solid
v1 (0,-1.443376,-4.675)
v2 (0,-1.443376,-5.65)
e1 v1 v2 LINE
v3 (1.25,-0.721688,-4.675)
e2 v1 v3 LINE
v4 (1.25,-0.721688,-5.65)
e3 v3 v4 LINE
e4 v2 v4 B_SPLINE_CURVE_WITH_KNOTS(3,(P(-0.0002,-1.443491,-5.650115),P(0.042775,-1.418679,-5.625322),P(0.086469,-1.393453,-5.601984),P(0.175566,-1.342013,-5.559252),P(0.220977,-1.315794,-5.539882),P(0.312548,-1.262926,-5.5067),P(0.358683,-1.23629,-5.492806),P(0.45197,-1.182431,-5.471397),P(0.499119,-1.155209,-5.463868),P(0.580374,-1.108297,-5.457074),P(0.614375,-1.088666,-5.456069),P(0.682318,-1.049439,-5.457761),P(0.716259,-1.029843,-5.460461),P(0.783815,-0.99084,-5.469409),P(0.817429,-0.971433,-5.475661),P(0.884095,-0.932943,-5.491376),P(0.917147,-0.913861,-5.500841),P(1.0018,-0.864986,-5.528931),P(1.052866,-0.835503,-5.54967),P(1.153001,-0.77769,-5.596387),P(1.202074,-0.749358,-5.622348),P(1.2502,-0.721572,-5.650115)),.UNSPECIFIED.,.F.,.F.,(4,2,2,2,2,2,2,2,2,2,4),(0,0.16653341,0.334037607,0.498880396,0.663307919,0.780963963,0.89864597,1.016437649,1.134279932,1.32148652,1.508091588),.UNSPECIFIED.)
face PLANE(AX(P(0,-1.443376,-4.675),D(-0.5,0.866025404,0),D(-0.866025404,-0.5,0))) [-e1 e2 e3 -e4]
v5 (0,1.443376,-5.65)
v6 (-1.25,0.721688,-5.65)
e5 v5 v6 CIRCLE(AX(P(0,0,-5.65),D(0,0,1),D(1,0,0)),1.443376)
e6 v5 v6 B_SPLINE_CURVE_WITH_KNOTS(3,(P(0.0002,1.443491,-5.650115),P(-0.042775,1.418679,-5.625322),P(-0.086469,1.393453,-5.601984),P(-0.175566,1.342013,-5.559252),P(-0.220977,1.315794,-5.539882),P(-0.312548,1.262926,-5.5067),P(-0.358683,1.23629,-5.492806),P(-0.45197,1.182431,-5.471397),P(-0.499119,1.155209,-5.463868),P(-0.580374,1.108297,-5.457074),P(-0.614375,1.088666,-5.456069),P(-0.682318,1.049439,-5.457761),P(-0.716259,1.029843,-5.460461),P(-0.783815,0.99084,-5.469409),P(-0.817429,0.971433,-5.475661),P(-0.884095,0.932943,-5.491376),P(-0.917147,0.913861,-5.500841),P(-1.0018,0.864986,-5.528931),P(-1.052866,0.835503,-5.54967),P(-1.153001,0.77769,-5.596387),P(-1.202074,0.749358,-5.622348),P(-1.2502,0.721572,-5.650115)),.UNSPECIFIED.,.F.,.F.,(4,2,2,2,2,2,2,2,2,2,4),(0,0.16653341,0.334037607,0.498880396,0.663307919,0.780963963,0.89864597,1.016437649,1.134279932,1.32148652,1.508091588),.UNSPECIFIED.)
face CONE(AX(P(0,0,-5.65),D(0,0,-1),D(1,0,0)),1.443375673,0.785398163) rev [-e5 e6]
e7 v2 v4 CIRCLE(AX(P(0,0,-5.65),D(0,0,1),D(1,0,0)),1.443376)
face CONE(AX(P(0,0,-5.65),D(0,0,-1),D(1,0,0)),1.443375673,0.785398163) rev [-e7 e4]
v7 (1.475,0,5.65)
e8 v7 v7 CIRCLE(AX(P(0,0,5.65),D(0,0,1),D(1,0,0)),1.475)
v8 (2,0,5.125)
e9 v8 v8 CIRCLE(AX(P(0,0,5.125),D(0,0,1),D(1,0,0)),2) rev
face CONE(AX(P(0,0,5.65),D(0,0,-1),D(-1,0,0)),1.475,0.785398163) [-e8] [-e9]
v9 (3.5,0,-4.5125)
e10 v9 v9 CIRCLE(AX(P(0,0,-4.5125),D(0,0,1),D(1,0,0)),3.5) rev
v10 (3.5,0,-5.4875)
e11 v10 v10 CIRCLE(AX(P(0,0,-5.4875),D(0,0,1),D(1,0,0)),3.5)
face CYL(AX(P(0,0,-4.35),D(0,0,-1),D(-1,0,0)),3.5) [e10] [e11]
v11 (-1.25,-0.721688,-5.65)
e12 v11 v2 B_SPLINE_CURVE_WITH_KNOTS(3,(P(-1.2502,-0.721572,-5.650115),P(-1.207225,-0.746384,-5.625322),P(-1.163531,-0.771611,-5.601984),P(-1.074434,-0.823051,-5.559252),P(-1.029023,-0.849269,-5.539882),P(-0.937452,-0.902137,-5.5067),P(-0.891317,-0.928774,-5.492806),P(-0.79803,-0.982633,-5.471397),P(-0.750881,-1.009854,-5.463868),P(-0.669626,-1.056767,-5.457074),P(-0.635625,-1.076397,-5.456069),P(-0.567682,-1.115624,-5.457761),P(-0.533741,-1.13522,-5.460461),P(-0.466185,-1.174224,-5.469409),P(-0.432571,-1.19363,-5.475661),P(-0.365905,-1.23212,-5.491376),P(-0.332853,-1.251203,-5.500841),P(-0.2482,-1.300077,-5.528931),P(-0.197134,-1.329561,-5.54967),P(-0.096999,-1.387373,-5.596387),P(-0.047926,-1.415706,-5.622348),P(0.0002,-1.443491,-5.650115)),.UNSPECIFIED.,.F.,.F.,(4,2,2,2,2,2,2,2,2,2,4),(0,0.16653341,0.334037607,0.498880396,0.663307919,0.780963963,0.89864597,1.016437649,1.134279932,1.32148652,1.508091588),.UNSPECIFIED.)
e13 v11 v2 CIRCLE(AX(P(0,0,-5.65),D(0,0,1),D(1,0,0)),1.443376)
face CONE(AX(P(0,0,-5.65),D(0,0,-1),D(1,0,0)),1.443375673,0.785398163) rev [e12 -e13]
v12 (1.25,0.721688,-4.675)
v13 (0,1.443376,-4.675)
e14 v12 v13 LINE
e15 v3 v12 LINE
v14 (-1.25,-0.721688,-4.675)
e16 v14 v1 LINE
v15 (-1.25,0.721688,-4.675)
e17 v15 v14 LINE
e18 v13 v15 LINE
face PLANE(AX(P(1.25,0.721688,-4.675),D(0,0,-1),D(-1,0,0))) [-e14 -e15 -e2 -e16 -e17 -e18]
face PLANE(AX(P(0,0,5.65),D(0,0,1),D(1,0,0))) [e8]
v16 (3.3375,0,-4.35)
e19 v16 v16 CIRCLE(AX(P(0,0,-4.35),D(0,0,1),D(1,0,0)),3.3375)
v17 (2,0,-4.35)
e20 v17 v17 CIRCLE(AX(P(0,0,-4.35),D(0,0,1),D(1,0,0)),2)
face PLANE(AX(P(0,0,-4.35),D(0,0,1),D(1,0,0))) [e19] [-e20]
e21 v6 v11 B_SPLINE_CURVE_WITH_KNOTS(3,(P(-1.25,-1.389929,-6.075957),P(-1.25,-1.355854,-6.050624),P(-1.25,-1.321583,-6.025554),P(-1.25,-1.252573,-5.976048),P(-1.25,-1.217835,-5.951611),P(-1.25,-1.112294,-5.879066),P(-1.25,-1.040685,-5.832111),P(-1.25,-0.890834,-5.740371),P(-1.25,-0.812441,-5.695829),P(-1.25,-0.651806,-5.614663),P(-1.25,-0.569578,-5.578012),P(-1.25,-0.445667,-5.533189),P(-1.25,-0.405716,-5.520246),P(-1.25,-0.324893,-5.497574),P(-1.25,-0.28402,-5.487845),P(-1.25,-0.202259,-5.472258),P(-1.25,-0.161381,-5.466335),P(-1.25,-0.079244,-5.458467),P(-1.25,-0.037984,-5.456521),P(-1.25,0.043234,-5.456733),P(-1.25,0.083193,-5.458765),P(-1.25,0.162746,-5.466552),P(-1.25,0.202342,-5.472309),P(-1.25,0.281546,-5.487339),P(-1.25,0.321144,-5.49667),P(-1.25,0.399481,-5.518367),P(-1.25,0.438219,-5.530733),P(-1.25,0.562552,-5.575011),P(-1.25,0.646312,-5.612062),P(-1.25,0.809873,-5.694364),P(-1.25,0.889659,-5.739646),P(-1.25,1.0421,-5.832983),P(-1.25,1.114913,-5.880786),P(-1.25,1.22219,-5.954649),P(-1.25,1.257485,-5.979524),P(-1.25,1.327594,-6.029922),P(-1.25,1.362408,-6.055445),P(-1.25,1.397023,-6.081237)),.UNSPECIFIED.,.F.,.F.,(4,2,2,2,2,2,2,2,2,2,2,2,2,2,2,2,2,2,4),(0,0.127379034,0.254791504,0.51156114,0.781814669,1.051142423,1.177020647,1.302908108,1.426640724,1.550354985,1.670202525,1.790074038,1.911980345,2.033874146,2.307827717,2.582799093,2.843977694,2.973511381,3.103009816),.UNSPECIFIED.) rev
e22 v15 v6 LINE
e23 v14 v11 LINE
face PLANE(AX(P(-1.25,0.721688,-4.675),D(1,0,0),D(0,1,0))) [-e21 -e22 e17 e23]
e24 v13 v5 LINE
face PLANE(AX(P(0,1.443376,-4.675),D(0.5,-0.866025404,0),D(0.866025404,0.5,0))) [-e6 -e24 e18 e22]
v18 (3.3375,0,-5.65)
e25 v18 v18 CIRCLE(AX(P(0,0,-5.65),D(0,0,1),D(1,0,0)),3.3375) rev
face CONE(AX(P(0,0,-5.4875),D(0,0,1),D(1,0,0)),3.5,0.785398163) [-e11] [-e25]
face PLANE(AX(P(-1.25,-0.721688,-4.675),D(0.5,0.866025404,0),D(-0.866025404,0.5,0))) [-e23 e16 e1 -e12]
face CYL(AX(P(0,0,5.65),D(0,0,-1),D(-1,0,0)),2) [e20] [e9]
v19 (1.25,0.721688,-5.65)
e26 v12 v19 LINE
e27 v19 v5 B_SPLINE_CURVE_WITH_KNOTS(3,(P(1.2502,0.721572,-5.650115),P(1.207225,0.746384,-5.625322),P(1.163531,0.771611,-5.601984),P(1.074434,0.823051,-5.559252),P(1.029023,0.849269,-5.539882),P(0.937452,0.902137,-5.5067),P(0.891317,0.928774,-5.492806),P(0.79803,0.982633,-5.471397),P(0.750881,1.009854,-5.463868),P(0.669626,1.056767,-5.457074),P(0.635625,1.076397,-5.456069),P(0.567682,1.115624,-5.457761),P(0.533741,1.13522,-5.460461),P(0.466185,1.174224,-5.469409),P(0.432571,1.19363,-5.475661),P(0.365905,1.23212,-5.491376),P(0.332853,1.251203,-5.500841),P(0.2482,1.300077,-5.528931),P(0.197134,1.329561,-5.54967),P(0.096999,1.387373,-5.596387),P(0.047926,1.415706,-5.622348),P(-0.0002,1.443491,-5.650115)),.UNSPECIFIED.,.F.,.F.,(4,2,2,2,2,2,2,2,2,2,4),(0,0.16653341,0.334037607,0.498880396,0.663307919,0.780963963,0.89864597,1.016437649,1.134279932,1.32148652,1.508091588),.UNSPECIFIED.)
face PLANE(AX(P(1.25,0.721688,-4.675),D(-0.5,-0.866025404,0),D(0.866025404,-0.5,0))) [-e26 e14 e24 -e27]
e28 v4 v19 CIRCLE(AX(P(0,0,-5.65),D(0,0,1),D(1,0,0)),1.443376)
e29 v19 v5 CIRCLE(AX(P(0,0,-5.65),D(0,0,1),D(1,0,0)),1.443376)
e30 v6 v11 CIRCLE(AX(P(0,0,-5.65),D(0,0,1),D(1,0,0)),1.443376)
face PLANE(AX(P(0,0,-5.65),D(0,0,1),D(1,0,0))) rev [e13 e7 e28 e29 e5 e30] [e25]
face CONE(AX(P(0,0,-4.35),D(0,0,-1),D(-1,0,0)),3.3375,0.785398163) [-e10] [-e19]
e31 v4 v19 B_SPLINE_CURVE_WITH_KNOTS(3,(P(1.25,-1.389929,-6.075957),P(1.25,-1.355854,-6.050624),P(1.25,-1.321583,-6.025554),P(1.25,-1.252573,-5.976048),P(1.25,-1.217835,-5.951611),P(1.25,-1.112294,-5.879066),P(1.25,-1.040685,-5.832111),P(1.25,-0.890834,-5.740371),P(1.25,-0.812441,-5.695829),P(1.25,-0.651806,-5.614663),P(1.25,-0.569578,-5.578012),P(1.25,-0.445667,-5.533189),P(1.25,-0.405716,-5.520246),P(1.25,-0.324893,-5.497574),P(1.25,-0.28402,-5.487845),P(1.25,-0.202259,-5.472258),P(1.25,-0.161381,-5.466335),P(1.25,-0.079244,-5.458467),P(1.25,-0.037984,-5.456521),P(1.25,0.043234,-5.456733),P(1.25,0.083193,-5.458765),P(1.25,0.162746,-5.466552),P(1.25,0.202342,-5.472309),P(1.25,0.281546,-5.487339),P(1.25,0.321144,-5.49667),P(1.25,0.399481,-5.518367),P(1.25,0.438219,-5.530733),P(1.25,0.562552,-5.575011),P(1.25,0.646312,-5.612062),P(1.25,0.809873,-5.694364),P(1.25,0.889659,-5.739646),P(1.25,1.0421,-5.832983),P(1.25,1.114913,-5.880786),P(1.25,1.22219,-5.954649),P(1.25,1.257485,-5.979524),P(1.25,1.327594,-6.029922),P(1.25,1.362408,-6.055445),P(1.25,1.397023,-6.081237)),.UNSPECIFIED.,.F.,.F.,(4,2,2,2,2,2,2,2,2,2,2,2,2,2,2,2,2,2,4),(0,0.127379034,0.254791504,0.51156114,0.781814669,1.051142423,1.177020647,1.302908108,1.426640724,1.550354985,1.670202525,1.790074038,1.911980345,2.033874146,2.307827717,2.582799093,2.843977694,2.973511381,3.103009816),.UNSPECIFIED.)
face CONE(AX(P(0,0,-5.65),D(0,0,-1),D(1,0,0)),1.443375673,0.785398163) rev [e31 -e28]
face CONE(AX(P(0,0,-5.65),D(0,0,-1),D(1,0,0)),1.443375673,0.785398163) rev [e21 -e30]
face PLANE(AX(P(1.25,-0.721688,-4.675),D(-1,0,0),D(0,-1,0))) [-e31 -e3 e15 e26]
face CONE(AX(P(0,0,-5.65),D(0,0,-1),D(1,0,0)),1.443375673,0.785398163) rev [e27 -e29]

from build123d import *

# Parameters (mm, degrees)
EXTRUDE1_START     = -4.35
SKETCH1_R          = 2
EXTRUDE1_DEPTH     = 10
EXTRUDE2_START     = -5.65
SKETCH6_R          = 3.5
EXTRUDE2_DEPTH     = 1.3
CUT_EXTRUDE1_DEPTH = 0.975
SKETCH8_R          = 1.443375673
CUT_EXTRUDE2_DEPTH = 0.975
CUT_EXTRUDE2_TAPER = 45
CHAMFER1_SIZE      = 0.1625
CHAMFER2_SIZE      = 0.525


with BuildPart() as part:
    # Sketch1 → Extrude1 (new body)
    with BuildSketch(Plane.XY.offset(EXTRUDE1_START)):
        Circle(SKETCH1_R)
    extrude(amount=EXTRUDE1_DEPTH)

    # Sketch6 → Extrude2 (add)
    with BuildSketch(Plane.XY.offset(EXTRUDE2_START)):
        Circle(SKETCH6_R)
    extrude(amount=EXTRUDE2_DEPTH)

    # Sketch7 → Cut-Extrude1 (cut)
    with BuildSketch(Plane.XY.offset(-5.65)):
        Polygon((0, 1.443375673), (-1.25, 0.721687836), (-1.25, -0.721687836), (0, -1.443375673), (1.25, -0.721687836), (1.25, 0.721687836), align=None)
    extrude(amount=CUT_EXTRUDE1_DEPTH, mode=Mode.SUBTRACT)

    # Sketch8 → Cut-Extrude2 (cut)
    with BuildSketch(Plane.XY.offset(-5.65)):
        Circle(SKETCH8_R)
    extrude(amount=CUT_EXTRUDE2_DEPTH, taper=CUT_EXTRUDE2_TAPER, mode=Mode.SUBTRACT)

    # Chamfer1
    chamfer1_edges = [part.edges().sort_by_distance(p)[0] for p in [
        (-3.5, 0, -4.35),
        (-3.5, 0, -5.65),
    ]]
    chamfer(chamfer1_edges, length=CHAMFER1_SIZE)

    # Chamfer2
    chamfer2_edges = [part.edges().sort_by_distance(p)[0] for p in [
        (-2, 0, 5.65),
    ]]
    chamfer(chamfer2_edges, length=CHAMFER2_SIZE)


solid = part.part
